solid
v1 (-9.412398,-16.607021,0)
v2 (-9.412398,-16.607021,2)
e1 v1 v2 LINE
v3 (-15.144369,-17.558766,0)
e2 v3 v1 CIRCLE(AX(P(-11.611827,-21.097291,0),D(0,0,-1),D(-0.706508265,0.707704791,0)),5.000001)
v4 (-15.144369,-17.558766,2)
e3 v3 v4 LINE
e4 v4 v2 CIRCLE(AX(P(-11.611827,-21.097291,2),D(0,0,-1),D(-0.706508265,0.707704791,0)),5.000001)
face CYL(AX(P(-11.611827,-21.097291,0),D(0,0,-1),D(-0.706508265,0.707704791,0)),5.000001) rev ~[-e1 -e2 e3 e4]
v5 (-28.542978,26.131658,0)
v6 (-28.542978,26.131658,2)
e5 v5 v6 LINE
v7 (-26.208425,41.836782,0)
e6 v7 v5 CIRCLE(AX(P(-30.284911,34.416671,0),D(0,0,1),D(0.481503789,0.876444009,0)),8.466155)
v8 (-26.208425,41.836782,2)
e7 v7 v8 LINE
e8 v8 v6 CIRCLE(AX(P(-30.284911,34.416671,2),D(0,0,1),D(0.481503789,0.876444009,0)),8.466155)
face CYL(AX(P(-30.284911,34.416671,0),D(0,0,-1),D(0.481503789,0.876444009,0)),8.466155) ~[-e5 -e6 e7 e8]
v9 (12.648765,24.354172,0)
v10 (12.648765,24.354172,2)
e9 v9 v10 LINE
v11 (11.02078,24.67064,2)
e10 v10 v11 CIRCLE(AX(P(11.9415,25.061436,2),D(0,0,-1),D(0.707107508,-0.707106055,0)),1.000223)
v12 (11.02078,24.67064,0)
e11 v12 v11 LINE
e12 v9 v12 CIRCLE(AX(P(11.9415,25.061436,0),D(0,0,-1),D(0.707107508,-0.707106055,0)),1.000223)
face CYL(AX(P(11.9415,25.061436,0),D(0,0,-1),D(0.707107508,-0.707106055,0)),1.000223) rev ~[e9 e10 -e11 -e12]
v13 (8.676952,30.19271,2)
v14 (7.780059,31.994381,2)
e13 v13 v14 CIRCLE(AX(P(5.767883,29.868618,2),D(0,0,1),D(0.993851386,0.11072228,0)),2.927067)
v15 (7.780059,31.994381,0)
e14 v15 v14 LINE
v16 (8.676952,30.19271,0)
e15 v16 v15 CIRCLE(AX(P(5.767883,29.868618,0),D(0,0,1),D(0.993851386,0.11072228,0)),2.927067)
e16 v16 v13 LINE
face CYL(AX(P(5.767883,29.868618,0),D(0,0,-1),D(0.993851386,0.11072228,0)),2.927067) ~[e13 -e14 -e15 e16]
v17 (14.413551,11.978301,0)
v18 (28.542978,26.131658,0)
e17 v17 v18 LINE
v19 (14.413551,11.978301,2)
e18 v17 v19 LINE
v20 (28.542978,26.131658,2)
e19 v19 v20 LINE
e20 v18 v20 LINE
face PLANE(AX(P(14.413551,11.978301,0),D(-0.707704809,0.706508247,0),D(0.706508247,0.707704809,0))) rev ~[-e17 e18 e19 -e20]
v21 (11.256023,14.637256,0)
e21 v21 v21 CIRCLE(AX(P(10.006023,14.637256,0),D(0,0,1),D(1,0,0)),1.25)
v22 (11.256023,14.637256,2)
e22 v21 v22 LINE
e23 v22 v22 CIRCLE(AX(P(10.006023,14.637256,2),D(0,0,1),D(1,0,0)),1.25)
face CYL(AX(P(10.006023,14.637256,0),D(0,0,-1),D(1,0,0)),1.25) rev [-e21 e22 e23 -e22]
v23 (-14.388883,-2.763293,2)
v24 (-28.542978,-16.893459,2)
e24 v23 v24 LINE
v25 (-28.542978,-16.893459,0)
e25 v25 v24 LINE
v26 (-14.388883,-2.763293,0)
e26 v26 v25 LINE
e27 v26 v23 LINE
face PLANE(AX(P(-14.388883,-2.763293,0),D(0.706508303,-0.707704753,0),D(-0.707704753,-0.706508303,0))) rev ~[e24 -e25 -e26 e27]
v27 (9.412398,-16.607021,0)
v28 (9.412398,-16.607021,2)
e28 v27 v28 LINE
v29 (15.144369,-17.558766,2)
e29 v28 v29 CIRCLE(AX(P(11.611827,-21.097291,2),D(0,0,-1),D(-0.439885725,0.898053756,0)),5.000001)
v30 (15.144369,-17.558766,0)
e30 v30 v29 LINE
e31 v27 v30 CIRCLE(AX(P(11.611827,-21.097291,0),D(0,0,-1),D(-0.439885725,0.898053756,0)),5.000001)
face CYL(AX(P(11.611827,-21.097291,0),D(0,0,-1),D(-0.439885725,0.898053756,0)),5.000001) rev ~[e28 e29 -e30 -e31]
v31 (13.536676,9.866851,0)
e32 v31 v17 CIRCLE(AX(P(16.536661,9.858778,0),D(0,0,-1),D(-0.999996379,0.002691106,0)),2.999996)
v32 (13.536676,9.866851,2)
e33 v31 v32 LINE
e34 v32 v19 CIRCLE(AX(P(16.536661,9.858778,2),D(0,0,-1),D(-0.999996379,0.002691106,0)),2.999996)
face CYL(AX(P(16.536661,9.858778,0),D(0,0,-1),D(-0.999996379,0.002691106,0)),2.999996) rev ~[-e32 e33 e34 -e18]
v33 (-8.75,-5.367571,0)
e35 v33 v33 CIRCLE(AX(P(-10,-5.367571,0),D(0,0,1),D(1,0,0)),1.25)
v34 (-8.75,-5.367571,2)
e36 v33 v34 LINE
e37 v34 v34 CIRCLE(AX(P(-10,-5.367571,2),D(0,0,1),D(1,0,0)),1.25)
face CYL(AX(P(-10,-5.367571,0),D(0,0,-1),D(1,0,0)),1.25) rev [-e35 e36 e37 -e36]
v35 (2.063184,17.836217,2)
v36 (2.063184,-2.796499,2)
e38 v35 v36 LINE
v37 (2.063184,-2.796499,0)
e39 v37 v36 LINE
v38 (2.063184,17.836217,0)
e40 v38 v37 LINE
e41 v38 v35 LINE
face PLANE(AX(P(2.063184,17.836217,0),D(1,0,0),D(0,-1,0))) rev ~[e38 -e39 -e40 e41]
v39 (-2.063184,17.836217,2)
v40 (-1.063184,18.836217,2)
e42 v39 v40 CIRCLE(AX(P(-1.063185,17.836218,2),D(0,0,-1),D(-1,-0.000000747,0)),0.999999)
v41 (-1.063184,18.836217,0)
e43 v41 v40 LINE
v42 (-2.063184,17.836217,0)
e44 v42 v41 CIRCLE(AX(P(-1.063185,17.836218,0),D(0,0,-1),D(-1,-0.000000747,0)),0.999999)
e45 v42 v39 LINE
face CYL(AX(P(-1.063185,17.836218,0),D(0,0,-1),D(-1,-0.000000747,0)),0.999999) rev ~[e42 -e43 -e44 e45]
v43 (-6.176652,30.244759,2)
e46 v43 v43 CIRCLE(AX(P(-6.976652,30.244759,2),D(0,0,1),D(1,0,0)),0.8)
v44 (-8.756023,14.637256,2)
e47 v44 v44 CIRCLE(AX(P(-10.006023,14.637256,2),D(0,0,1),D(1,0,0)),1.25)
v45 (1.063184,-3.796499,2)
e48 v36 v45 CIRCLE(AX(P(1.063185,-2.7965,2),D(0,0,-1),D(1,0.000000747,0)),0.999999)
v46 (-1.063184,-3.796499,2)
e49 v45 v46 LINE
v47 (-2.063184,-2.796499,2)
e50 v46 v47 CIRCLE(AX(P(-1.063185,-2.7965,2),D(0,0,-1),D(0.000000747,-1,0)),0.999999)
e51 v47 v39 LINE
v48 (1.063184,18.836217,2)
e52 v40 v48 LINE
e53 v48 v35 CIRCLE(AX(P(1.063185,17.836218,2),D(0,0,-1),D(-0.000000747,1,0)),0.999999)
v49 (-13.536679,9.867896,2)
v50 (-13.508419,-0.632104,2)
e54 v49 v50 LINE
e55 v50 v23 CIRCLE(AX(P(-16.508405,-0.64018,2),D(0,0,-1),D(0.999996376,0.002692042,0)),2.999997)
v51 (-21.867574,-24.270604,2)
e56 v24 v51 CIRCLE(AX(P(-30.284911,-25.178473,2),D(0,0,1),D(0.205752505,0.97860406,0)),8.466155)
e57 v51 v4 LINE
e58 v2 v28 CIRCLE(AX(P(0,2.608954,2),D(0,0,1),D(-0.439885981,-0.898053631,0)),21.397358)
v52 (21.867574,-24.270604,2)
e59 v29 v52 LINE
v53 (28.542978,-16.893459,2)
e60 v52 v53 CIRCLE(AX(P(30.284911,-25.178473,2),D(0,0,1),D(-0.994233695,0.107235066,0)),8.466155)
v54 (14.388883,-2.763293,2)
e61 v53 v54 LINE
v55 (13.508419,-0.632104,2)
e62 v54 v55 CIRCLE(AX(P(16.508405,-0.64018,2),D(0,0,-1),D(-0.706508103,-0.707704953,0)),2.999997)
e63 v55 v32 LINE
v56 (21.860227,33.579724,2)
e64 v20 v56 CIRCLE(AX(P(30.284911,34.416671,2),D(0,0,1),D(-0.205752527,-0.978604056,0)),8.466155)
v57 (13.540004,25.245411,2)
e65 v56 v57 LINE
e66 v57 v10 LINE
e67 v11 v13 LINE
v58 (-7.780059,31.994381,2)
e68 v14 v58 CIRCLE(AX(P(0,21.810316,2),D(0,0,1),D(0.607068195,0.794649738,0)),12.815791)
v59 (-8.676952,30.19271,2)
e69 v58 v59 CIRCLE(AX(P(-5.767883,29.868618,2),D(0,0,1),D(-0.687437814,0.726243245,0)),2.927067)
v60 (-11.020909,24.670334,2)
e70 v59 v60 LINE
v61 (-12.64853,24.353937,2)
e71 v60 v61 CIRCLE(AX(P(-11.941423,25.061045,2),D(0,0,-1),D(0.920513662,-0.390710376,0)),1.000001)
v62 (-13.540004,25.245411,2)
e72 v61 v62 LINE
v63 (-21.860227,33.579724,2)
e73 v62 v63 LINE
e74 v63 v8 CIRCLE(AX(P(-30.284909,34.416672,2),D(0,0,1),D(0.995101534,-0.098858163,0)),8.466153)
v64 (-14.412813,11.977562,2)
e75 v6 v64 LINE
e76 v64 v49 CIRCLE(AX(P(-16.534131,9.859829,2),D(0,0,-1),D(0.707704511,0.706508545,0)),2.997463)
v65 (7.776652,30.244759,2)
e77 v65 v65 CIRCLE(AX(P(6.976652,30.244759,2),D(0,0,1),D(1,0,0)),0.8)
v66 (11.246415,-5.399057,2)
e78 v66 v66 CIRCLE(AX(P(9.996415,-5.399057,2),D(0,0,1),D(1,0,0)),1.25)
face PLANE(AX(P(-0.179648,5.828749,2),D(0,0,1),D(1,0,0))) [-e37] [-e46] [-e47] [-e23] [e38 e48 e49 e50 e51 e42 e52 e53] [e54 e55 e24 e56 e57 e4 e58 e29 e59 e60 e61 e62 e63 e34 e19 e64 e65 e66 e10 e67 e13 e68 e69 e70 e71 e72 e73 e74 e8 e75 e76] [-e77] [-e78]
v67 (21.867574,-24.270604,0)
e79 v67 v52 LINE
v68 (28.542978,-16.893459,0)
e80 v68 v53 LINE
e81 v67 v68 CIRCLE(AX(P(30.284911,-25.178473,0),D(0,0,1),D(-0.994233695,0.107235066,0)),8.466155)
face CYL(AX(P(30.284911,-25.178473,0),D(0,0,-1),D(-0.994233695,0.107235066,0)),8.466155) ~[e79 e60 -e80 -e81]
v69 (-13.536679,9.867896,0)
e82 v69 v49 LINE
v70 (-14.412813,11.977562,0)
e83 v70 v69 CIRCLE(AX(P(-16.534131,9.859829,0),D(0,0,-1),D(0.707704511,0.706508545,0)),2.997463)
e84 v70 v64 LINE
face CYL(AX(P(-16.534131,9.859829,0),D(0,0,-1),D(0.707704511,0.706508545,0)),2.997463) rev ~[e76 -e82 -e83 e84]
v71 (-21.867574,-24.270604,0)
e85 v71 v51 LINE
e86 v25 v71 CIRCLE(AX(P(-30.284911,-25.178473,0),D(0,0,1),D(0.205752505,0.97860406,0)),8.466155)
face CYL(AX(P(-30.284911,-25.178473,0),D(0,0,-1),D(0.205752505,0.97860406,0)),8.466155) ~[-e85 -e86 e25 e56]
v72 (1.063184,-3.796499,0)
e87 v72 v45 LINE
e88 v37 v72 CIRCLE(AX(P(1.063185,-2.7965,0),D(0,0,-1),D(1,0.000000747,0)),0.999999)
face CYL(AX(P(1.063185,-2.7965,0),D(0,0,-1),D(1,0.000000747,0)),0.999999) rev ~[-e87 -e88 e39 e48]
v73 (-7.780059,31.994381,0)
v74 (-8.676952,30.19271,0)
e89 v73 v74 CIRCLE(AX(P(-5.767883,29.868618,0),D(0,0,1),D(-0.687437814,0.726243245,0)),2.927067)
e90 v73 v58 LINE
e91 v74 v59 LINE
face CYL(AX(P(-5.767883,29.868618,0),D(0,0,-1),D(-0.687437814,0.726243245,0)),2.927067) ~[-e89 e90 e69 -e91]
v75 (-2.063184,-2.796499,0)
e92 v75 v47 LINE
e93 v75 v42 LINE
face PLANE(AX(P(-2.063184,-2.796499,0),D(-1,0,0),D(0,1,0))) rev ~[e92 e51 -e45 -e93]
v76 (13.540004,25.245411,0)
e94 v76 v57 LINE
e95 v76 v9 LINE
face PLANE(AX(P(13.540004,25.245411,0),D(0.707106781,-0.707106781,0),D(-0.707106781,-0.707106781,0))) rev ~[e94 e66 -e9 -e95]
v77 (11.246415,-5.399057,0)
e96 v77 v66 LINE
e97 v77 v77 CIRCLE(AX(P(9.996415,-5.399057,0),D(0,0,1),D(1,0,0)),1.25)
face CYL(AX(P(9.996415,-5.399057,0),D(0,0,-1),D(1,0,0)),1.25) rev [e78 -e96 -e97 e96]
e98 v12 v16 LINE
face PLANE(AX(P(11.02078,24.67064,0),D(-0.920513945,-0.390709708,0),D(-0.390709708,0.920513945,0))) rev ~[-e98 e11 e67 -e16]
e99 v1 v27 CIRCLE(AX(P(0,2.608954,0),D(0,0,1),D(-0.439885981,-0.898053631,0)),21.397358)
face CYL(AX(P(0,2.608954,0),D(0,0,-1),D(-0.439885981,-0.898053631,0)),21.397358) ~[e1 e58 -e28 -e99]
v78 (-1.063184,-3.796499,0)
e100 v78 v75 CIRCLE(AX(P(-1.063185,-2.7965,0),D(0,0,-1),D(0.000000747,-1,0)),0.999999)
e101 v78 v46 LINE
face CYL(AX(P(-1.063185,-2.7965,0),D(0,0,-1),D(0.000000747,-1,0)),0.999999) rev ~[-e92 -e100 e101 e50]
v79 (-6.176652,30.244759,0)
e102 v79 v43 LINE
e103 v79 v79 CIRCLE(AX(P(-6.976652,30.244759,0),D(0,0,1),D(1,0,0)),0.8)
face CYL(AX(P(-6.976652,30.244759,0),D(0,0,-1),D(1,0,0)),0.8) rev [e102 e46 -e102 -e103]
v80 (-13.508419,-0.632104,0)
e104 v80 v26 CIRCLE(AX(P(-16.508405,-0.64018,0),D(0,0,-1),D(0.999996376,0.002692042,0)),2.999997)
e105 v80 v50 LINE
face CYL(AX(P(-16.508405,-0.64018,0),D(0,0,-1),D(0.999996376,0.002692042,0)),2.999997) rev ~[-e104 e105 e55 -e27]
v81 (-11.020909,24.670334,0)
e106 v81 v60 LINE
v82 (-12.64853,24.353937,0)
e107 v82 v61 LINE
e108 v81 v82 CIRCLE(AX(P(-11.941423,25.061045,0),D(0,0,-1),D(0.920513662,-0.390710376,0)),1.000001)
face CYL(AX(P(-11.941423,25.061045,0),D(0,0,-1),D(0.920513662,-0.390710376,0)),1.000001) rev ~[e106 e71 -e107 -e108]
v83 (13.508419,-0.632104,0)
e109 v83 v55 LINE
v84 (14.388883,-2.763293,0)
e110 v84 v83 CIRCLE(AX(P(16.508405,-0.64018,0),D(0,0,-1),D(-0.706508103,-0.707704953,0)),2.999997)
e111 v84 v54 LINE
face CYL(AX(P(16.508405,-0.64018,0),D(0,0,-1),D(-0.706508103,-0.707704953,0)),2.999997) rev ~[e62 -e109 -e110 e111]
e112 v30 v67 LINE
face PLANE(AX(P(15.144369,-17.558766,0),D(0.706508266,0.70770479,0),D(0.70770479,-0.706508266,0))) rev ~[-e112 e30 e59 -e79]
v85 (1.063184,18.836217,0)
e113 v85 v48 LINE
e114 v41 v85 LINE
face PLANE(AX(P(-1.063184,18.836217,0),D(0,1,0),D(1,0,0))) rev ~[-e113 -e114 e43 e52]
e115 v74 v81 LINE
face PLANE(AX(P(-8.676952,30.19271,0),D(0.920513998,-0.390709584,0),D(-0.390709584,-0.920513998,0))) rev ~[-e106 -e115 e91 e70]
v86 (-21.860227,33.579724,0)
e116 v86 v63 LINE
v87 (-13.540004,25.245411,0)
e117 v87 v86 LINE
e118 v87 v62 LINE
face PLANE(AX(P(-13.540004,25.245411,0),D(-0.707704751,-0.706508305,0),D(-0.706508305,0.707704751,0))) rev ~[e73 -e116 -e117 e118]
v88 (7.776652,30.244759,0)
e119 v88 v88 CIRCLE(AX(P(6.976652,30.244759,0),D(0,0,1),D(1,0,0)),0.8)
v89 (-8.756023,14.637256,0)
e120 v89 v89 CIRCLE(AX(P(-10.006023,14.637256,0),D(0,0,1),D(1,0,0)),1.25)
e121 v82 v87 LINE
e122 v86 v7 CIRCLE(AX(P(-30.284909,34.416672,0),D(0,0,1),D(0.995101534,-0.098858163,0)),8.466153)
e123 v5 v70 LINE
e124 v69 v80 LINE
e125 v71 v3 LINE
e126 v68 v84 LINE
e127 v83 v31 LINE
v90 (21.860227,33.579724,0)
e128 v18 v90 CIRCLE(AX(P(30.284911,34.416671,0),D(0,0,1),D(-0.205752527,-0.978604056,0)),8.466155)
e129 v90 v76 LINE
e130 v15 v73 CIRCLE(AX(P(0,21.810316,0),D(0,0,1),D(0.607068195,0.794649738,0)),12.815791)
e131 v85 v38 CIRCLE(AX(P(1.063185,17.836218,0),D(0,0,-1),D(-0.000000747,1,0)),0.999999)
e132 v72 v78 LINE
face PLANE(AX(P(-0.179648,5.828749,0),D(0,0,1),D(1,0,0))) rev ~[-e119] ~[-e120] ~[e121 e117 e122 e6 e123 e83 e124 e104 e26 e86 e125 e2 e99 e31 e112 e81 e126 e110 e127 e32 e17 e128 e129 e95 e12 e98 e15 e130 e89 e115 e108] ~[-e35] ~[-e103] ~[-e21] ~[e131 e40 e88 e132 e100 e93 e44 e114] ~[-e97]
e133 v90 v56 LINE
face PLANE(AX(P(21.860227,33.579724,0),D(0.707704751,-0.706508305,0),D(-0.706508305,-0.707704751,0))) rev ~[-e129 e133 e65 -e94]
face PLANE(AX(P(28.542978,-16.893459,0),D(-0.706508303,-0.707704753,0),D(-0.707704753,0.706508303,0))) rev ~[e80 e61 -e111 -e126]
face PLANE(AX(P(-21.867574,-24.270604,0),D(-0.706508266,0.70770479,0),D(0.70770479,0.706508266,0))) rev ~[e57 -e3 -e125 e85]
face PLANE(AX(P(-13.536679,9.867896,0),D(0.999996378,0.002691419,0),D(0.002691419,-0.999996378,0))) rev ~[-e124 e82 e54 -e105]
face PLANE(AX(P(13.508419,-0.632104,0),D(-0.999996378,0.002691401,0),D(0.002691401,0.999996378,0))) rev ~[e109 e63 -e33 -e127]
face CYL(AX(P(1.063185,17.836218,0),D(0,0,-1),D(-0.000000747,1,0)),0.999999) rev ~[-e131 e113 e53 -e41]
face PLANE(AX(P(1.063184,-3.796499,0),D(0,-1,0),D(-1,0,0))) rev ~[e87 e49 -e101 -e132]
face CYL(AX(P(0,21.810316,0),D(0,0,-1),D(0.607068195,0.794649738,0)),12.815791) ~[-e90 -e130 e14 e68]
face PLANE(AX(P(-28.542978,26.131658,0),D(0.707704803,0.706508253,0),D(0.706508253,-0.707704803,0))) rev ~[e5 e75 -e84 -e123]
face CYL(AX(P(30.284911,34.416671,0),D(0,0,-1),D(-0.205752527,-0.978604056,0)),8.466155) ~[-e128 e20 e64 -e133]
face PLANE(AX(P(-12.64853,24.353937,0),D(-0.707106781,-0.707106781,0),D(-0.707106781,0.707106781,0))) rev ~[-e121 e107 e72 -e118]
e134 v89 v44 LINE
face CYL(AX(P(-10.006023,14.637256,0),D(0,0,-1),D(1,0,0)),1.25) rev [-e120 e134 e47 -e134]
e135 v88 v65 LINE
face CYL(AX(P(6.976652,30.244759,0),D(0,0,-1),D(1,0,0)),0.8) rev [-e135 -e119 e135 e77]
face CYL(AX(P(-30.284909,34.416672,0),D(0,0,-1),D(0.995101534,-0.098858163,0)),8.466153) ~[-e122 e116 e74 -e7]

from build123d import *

# Parameters (mm, degrees)
F0_R     = 1.25
F0_R_2   = 0.8
F1_DEPTH = 2


with BuildPart() as f1:
    # F0 (on Top) → F1 (new body)
    with BuildSketch(Plane.XY):
        with BuildLine():
            ThreePointArc((7.780059, 31.994381), (0, 34.626107), (-7.780059, 31.994381))
            ThreePointArc((-7.780059, 31.994381), (-8.38822, 31.173054), (-8.676952, 30.19271))
            Line((-8.676952, 30.19271), (-11.020909, 24.670334))
            ThreePointArc((-11.020909, 24.670334), (-11.750603, 24.079419), (-12.64853, 24.353937))
            Line((-12.64853, 24.353937), (-13.540004, 25.245411))
            Line((-13.540004, 25.245411), (-21.860227, 33.579724))
            Line((-21.860227, 33.579724), (-26.208425, 41.836782))
            ThreePointArc((-26.208425, 41.836782), (-38.659051, 35.66148), (-28.542978, 26.131658))
            Line((-28.542978, 26.131658), (-14.412813, 11.977562))
            ThreePointArc((-14.412813, 11.977562), (-13.765896, 11.009463), (-13.536679, 9.867896))
            Line((-13.536679, 9.867896), (-13.508419, -0.632104))
            ThreePointArc((-13.508419, -0.632104), (-13.735711, -1.785671), (-14.388883, -2.763293))
            Line((-14.388883, -2.763293), (-28.542978, -16.893459))
            ThreePointArc((-28.542978, -16.893459), (-36.56251, -30.858924), (-21.867574, -24.270604))
            Line((-21.867574, -24.270604), (-15.144369, -17.558766))
            ThreePointArc((-15.144369, -17.558766), (-12.430822, -16.164821), (-9.412398, -16.607021))
            ThreePointArc((-9.412398, -16.607021), (0, -18.788404), (9.412398, -16.607021))
            ThreePointArc((9.412398, -16.607021), (12.430822, -16.164821), (15.144369, -17.558766))
            Line((15.144369, -17.558766), (21.867574, -24.270604))
            ThreePointArc((21.867574, -24.270604), (36.56251, -30.858924), (28.542978, -16.893459))
            Line((28.542978, -16.893459), (14.388883, -2.763293))
            ThreePointArc((14.388883, -2.763293), (13.735711, -1.785671), (13.508419, -0.632104))
            Line((13.508419, -0.632104), (13.536676, 9.866851))
            ThreePointArc((13.536676, 9.866851), (13.766087, 11.009384), (14.413551, 11.978301))
            Line((14.413551, 11.978301), (28.542978, 26.131658))
            ThreePointArc((28.542978, 26.131658), (36.586374, 40.070638), (21.860227, 33.579724))
            Line((21.860227, 33.579724), (13.540004, 25.245411))
            Line((13.540004, 25.245411), (12.648765, 24.354172))
            ThreePointArc((12.648765, 24.354172), (11.750636, 24.079592), (11.02078, 24.67064))
            Line((11.02078, 24.67064), (8.676952, 30.19271))
            ThreePointArc((8.676952, 30.19271), (8.38822, 31.173054), (7.780059, 31.994381))
        make_face()
        with Locations((-10, -5.367571)):
            Circle(F0_R, mode=Mode.SUBTRACT)
        with Locations((9.996415, -5.399057)):
            Circle(F0_R, mode=Mode.SUBTRACT)
        with BuildLine():
            ThreePointArc((-2.063184, 17.836217), (-1.770291, 18.543324), (-1.063184, 18.836217))
            Line((-1.063184, 18.836217), (1.063184, 18.836217))
            ThreePointArc((1.063184, 18.836217), (1.770291, 18.543324), (2.063184, 17.836217))
            Line((2.063184, 17.836217), (2.063184, -2.796499))
            ThreePointArc((2.063184, -2.796499), (1.770291, -3.503606), (1.063184, -3.796499))
            Line((1.063184, -3.796499), (-1.063184, -3.796499))
            ThreePointArc((-1.063184, -3.796499), (-1.770291, -3.503606), (-2.063184, -2.796499))
            Line((-2.063184, -2.796499), (-2.063184, 17.836217))
        make_face(mode=Mode.SUBTRACT)
        with Locations((-10.006023, 14.637256)):
            Circle(F0_R, mode=Mode.SUBTRACT)
        with Locations((-6.976652, 30.244759)):
            Circle(F0_R_2, mode=Mode.SUBTRACT)
        with Locations((10.006023, 14.637256)):
            Circle(F0_R, mode=Mode.SUBTRACT)
        with Locations((6.976652, 30.244759)):
            Circle(F0_R_2, mode=Mode.SUBTRACT)
        with BuildLine():
            Line((-26.208425, 41.836782), (-21.860227, 33.579724))
            ThreePointArc((-21.860227, 33.579724), (-22.793945, 38.361442), (-26.208425, 41.836782))
        make_face()
    extrude(amount=F1_DEPTH)


solid = f1.part
